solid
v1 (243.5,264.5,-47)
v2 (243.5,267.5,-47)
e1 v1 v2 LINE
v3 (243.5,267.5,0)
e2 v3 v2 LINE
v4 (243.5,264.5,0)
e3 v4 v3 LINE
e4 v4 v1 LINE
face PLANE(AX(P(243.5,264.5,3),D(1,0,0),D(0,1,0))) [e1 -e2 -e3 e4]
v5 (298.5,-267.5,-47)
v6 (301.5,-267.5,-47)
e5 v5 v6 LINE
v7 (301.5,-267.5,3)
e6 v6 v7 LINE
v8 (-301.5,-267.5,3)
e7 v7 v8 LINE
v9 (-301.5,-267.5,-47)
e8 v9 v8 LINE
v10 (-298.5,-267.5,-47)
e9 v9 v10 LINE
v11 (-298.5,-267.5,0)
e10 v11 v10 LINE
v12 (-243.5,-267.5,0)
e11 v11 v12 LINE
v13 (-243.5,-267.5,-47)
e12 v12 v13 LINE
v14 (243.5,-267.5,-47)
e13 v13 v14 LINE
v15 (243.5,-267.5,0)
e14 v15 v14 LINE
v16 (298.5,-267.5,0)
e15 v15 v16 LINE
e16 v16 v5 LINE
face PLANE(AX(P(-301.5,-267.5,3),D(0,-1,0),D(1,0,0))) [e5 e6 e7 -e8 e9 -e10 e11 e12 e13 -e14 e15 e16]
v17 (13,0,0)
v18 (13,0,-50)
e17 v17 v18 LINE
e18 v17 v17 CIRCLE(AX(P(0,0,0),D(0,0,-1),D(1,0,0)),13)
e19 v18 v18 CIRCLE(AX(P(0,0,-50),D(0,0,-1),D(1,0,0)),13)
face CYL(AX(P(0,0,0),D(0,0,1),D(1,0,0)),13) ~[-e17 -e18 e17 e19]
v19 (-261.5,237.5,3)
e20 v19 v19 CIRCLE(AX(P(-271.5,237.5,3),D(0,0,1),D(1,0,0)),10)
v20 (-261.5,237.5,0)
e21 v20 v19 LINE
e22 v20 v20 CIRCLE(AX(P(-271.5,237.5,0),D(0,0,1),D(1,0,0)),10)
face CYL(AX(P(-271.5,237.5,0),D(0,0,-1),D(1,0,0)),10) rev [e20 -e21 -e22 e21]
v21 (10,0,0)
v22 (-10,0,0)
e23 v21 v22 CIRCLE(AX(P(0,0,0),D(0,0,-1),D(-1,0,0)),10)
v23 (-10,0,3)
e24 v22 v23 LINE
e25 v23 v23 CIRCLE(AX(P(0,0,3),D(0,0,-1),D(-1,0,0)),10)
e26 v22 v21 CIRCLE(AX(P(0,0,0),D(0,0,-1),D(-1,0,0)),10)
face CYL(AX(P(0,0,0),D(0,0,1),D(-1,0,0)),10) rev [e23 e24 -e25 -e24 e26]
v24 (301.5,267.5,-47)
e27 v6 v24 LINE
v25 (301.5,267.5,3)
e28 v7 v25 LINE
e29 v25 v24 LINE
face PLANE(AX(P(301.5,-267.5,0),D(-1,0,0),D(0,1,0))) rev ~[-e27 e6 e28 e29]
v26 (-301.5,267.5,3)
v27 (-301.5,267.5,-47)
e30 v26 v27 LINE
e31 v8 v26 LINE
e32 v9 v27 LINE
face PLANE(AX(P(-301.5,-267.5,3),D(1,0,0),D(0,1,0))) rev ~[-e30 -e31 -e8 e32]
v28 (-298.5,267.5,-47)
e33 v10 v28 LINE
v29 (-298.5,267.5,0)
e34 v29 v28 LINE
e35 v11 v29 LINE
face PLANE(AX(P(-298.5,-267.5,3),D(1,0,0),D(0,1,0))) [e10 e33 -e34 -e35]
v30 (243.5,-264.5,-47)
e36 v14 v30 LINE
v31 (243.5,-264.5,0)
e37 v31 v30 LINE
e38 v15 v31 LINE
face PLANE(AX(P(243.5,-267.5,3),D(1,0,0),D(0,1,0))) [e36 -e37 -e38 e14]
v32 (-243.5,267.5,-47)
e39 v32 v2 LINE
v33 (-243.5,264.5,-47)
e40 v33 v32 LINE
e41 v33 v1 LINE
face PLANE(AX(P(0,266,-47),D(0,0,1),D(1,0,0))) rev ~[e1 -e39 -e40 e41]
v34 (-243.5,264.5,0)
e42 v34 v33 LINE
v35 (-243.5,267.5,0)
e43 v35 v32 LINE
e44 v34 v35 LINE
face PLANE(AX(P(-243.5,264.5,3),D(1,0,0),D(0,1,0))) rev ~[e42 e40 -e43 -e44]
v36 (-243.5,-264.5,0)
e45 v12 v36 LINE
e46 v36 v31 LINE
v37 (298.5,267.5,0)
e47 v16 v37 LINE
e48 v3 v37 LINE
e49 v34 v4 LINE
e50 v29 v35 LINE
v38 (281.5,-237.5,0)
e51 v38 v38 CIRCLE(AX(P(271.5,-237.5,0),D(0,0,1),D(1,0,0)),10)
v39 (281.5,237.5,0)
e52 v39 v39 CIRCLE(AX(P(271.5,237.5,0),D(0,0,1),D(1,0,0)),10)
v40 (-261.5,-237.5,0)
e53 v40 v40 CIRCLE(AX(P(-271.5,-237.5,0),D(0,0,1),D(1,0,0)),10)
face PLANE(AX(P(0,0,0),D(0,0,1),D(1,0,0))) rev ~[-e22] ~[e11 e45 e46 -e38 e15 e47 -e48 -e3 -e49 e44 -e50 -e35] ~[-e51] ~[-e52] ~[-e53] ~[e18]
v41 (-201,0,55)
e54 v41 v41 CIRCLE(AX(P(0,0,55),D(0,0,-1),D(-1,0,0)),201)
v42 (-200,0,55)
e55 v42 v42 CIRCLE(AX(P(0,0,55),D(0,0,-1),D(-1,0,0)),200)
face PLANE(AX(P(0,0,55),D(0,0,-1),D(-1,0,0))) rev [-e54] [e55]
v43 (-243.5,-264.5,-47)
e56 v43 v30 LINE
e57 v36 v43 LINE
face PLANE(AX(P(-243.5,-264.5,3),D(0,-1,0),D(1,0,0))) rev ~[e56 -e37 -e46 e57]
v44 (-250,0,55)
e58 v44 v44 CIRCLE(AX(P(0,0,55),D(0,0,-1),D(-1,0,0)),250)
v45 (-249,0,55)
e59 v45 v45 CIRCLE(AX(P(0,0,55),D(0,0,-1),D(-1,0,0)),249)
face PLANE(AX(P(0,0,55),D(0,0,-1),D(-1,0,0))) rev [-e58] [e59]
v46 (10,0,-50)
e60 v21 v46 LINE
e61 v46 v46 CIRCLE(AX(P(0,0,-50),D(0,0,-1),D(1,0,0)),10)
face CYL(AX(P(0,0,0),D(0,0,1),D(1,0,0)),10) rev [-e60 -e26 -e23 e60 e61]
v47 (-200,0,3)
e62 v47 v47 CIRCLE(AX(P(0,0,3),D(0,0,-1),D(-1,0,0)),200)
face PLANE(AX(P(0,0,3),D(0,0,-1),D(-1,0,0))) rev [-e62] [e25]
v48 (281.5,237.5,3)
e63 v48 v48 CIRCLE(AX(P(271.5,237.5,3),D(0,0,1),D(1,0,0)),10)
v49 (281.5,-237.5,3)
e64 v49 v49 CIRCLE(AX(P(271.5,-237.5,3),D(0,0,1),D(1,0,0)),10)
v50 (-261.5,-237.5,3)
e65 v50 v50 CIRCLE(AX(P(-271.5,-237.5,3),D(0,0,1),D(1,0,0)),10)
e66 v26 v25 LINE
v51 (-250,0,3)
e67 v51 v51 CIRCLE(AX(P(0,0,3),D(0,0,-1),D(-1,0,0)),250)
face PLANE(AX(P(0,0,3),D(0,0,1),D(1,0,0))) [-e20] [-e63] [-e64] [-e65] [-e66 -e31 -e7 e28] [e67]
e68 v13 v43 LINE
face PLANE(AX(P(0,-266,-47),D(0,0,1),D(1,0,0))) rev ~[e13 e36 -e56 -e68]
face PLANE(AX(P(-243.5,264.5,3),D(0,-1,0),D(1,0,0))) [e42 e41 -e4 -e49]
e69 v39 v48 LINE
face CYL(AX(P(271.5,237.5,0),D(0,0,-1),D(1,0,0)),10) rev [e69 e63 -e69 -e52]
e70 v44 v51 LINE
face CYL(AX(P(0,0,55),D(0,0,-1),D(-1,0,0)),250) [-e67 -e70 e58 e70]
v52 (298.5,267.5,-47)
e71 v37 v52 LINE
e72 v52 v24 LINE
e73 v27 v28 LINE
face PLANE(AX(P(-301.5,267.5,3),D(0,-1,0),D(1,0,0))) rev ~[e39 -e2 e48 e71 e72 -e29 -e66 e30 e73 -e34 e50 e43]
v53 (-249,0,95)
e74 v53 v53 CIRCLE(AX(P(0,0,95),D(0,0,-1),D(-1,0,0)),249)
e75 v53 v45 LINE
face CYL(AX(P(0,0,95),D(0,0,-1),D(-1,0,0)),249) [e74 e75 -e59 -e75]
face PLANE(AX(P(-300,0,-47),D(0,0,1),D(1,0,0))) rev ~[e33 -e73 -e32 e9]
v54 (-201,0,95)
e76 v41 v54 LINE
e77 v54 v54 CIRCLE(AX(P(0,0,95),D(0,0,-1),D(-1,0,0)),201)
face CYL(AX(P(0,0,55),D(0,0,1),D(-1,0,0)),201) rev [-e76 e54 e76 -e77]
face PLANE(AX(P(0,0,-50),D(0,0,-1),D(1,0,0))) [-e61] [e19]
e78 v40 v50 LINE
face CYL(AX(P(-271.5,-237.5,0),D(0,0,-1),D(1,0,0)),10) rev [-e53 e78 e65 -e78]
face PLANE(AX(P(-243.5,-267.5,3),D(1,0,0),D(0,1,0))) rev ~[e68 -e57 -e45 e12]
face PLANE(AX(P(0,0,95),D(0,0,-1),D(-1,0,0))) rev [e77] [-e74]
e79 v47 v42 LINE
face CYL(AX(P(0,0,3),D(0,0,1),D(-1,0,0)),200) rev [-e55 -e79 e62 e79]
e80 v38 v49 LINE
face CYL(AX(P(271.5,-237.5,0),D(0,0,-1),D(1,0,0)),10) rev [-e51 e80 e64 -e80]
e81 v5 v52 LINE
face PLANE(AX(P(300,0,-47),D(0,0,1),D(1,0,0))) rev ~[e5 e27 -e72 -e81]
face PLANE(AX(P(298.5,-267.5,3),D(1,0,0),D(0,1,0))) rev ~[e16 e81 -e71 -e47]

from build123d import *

# Parameters (mm, degrees)
F2_W     = 603
F2_H     = 535
F2_R     = 10
F2_R_2   = 201
F3_DEPTH = 3
F4_W     = 3
F4_H     = 535
F4_W_2   = 487
F4_H_2   = 3
F5_DEPTH = 50
F6_R     = 13
F6_R_2   = 10
F7_DEPTH = 50


with BuildPart() as f1:
    # F0 (on Front) → F1 (revolve)
    with BuildSketch(Plane.XZ):
        Polygon((-250, 3), (-200, 3), (-200, 55), (-201, 55), (-201, 95), (-249, 95), (-249, 55), (-250, 55), align=None)
        Polygon((-10, 3), (-200, 3), (-250, 3), (-250, 0), (-10, 0), align=None)
    revolve(axis=Axis((0, 0, 187.921241), (0, 0, -1)))

    # F2 (on Top) → F3 (join)
    with BuildSketch(Plane.XY):
        Rectangle(F2_W, F2_H)
        with Locations((-271.5, -237.5)):
            Circle(F2_R, mode=Mode.SUBTRACT)
        with Locations((271.5, -237.5)):
            Circle(F2_R, mode=Mode.SUBTRACT)
        with Locations((-271.5, 237.5)):
            Circle(F2_R, mode=Mode.SUBTRACT)
        Circle(F2_R_2, mode=Mode.SUBTRACT)
        with Locations((271.5, 237.5)):
            Circle(F2_R, mode=Mode.SUBTRACT)
    extrude(amount=F3_DEPTH)

    # F4 (on face) → F5 (join)
    with BuildSketch(Plane.XY.offset(3)):
        with Locations((-300, 0)):
            Rectangle(F4_W, F4_H)
        with Locations((300, 0)):
            Rectangle(F4_W, F4_H)
        with Locations((0, -266)):
            Rectangle(F4_W_2, F4_H_2)
        with Locations((0, 266)):
            Rectangle(F4_W_2, F4_H_2)
    extrude(amount=-F5_DEPTH)

    # F6 (on face) → F7 (join)
    with BuildSketch(Plane(origin=(0, 0, 0), x_dir=(1, 0, 0), z_dir=(0, 0, -1))):
        Circle(F6_R)
        Circle(F6_R_2, mode=Mode.SUBTRACT)
    extrude(amount=F7_DEPTH)


solid = f1.part
